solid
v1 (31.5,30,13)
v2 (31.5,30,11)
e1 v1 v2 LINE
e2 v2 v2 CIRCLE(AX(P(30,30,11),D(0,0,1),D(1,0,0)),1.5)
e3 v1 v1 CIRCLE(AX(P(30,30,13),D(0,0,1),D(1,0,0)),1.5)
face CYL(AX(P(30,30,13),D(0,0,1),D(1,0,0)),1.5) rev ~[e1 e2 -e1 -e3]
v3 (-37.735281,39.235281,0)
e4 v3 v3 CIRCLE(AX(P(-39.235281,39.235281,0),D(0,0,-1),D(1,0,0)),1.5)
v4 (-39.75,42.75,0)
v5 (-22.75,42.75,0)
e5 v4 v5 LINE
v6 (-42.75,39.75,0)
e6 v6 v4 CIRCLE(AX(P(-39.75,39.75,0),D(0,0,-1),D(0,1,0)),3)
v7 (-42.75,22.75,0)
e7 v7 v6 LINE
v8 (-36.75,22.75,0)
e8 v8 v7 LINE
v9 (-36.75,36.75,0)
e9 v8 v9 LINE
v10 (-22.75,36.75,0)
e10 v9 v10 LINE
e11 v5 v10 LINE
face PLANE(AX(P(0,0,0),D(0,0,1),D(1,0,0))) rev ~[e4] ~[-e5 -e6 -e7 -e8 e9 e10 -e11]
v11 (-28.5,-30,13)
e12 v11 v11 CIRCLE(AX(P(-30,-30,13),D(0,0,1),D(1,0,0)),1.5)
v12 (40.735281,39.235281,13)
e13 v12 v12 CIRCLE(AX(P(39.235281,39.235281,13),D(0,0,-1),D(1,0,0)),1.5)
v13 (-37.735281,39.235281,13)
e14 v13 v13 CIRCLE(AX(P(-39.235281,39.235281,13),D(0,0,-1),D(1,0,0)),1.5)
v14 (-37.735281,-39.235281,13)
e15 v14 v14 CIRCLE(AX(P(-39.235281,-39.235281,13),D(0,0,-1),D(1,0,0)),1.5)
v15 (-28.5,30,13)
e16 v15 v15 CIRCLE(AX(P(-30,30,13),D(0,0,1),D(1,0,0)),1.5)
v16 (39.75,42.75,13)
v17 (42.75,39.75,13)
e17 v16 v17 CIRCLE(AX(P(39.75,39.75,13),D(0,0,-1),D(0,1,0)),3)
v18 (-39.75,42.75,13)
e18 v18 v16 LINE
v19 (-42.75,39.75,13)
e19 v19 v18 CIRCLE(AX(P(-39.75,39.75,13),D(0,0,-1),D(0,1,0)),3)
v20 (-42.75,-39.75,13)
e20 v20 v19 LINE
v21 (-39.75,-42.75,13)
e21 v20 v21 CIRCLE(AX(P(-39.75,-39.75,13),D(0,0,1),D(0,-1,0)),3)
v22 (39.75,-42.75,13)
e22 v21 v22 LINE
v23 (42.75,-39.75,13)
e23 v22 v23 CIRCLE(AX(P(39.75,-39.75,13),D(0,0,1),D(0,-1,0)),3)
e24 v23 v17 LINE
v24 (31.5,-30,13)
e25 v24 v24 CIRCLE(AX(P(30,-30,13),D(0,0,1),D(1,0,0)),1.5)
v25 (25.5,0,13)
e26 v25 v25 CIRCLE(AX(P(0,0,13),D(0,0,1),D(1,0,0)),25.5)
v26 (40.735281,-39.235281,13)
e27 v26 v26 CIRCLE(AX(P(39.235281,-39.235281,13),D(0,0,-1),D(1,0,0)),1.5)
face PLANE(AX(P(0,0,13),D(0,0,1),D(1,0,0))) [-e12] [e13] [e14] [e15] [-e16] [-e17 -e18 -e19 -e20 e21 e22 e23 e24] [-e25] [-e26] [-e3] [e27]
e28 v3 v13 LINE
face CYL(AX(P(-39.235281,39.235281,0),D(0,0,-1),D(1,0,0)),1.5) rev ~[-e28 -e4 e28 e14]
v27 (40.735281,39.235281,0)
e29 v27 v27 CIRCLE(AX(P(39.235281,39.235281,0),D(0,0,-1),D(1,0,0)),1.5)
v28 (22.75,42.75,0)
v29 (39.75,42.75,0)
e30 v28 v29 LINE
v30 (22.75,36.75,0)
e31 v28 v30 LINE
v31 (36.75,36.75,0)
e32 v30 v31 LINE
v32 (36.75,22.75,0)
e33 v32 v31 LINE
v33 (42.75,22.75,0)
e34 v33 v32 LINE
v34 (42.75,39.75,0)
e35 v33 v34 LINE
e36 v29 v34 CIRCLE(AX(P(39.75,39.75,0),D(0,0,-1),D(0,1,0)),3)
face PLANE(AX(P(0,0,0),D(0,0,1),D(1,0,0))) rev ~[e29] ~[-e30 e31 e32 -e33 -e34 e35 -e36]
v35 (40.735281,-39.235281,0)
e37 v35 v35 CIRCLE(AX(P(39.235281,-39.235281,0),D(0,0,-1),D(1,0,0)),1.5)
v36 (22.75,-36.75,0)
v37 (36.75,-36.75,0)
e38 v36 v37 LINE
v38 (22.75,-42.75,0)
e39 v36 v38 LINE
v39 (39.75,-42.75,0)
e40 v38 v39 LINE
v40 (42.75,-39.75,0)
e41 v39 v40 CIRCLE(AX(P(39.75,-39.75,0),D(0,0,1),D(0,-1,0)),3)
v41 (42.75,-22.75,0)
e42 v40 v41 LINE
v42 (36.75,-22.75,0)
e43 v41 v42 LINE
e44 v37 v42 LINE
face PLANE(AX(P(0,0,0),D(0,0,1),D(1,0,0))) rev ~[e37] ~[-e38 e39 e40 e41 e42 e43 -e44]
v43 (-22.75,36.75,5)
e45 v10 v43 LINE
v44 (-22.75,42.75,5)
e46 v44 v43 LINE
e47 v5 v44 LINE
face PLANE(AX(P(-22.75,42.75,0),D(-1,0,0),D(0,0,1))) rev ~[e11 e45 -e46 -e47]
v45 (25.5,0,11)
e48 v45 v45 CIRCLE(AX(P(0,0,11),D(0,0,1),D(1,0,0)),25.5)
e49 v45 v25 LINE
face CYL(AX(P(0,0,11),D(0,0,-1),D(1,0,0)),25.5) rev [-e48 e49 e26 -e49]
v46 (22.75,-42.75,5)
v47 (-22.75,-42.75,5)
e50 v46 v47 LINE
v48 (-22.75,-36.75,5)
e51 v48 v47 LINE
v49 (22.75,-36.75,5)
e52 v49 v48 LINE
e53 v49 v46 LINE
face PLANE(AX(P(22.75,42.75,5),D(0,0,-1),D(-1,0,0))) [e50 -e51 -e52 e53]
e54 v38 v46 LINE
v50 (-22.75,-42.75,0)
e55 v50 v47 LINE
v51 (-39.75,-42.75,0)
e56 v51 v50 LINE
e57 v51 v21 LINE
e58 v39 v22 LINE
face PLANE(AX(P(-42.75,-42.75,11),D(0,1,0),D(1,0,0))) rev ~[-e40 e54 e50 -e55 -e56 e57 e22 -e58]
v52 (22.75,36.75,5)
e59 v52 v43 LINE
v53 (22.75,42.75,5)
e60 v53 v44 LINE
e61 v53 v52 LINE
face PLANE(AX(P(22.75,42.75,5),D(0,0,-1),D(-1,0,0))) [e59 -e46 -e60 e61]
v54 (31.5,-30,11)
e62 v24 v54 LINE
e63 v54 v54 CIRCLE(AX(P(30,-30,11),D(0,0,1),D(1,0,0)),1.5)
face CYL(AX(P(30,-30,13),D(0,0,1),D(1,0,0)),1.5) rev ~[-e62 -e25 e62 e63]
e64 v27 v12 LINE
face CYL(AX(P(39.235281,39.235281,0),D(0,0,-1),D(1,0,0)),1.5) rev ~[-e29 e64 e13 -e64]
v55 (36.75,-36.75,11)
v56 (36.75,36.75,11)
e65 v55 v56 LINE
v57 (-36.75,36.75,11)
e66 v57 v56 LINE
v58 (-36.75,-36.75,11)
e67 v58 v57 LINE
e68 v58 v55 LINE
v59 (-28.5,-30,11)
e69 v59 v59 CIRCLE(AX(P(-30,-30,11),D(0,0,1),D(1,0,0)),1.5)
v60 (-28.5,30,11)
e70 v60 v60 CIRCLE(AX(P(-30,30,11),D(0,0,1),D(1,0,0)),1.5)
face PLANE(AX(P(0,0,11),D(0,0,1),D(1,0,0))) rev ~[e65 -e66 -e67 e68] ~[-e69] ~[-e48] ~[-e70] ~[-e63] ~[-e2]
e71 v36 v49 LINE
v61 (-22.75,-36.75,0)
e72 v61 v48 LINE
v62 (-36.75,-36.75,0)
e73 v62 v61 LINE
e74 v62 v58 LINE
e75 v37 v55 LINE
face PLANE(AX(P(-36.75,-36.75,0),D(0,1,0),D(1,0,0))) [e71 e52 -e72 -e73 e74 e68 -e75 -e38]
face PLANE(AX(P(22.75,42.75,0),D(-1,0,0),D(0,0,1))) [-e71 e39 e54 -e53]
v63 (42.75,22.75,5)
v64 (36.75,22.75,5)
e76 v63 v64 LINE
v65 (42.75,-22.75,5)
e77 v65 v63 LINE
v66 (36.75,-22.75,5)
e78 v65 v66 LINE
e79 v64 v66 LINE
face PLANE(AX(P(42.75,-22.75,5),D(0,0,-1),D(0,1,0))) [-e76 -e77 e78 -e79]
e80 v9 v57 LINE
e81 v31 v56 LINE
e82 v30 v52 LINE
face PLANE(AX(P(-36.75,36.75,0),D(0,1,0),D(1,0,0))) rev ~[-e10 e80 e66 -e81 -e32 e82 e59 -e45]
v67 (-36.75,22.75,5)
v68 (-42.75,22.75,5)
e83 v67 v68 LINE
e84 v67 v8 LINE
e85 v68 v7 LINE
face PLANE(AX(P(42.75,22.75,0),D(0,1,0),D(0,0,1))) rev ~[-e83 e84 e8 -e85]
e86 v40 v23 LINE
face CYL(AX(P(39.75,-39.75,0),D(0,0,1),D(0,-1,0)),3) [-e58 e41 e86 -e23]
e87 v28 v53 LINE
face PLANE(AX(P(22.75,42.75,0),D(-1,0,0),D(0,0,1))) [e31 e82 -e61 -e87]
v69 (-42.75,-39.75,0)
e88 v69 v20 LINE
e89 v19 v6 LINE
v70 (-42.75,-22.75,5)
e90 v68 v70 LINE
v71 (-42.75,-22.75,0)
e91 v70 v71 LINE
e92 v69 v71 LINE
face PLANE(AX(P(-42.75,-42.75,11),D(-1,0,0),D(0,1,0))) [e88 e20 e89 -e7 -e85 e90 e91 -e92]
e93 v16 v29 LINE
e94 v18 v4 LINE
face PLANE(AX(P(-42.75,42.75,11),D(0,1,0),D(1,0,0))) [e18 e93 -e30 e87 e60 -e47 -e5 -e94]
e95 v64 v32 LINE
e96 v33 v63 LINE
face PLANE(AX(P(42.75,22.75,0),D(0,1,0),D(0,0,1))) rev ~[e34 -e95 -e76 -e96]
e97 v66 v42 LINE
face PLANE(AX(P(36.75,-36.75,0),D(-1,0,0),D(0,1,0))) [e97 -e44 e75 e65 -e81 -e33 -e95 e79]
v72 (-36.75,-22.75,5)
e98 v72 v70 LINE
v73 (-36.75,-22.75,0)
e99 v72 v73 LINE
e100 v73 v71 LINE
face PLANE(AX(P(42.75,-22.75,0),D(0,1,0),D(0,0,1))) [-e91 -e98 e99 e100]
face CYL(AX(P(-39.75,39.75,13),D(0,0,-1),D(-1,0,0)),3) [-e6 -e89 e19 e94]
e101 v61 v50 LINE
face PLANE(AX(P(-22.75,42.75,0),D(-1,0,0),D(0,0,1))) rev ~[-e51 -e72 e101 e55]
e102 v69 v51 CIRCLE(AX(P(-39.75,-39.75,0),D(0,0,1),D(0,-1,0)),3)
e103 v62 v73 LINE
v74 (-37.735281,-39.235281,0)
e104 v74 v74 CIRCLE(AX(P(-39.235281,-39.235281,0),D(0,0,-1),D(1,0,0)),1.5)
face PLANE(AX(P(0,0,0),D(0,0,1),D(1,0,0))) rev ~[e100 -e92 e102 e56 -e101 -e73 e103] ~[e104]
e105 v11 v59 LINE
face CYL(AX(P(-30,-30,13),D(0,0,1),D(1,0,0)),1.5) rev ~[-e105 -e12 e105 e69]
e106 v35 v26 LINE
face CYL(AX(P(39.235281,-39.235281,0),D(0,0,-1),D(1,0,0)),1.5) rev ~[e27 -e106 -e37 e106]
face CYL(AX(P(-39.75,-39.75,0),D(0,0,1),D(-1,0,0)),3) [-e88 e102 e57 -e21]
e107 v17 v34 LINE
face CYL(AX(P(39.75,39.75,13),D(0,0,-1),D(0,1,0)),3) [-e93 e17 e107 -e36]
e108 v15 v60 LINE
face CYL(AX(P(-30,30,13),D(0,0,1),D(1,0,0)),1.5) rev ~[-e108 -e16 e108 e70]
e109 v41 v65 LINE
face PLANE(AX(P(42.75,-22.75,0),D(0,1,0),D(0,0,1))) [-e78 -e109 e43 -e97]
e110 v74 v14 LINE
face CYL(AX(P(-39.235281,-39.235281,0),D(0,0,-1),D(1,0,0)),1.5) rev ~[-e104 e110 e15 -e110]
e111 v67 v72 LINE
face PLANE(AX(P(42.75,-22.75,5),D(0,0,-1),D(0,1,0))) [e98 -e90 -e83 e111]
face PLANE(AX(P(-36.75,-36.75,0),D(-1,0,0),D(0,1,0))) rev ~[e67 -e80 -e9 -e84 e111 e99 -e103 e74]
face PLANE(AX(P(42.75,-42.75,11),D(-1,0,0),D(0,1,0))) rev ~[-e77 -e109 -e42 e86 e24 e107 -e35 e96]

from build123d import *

# Parameters (mm, degrees)
SKETCH021_W             = 85.5
SKETCH021_H             = 85.5
SKETCH021_W_2           = 73.5
SKETCH021_H_2           = 73.5
PAD009006_DEPTH         = 11
SKETCH022_W             = 85.5
SKETCH022_H             = 85.5
SKETCH022_R             = 25.5
PAD009007_DEPTH         = 2
SKETCH023_R             = 1.5
POCKET003002_DEPTH      = 13.001
SKETCH024_R             = 1.5
POCKET003003_DEPTH      = 5
FILLET003_R             = 3
SKETCH025_W             = 45.5
SKETCH025_H             = 5
POCKET003004_DEPTH      = 85.501
POCKET003004_DEPTH_BACK = 0.001
SKETCH026_W             = 45.5
SKETCH026_H             = 5
POCKET003005_DEPTH      = 85.501


with BuildPart() as part:
    # Sketch021 → Pad009006 (new body)
    with BuildSketch(Plane.XY):
        Rectangle(SKETCH021_W, SKETCH021_H)
        Rectangle(SKETCH021_W_2, SKETCH021_H_2, mode=Mode.SUBTRACT)
    extrude(amount=PAD009006_DEPTH)

    # Sketch022 (on Face10 of Pad009006) → Pad009007 (join)
    with BuildSketch(Plane.XY.offset(11)):
        Rectangle(SKETCH022_W, SKETCH022_H)
        Circle(SKETCH022_R, mode=Mode.SUBTRACT)
    extrude(amount=PAD009007_DEPTH)

    # Sketch023 (on Face4 of Pad009007) → Pocket003002 (cut, through all)
    with BuildSketch(Plane(origin=(0, 0, 0), x_dir=(1, 0, 0), z_dir=(0, 0, -1))):
        with Locations((-39.235281, 39.235281)):
            Circle(SKETCH023_R)
        with Locations((39.235281, 39.235281)):
            Circle(SKETCH023_R)
        with Locations((39.235281, -39.235281)):
            Circle(SKETCH023_R)
        with Locations((-39.235281, -39.235281)):
            Circle(SKETCH023_R)
    extrude(amount=-POCKET003002_DEPTH, mode=Mode.SUBTRACT)

    # Sketch024 (on Face17 of Pocket003002) → Pocket003003 (cut)
    with BuildSketch(Plane.XY.offset(13)):
        with Locations((-30, 30)):
            Circle(SKETCH024_R)
        with Locations((30, 30)):
            Circle(SKETCH024_R)
        with Locations((30, -30)):
            Circle(SKETCH024_R)
        with Locations((-30, -30)):
            Circle(SKETCH024_R)
    extrude(amount=-POCKET003003_DEPTH, mode=Mode.SUBTRACT)

    # Fillet003
    fillet003_edges = [part.edges().sort_by_distance(p)[0] for p in [
        (42.75, 42.75, 5.5),
        (-42.75, 42.75, 5.5),
        (-42.75, -42.75, 5.5),
        (42.75, -42.75, 5.5),
    ]]
    fillet(fillet003_edges, radius=FILLET003_R)

    # Sketch025 (on Face1 of Fillet003) → Pocket003004 (cut, two sides)
    with BuildSketch(Plane(origin=(0, 42.75, 0), x_dir=(-1, 0, 0), z_dir=(0, 1, 0))) as pocket003004_sk:
        with Locations((0, 2.5)):
            Rectangle(SKETCH025_W, SKETCH025_H)
    extrude(amount=-POCKET003004_DEPTH, mode=Mode.SUBTRACT)
    extrude(pocket003004_sk.sketch, amount=POCKET003004_DEPTH_BACK, mode=Mode.SUBTRACT)

    # Sketch026 (on Face19 of Pocket003004) → Pocket003005 (cut, through all)
    with BuildSketch(Plane.YZ.offset(42.75)):
        with Locations((0, 2.5)):
            Rectangle(SKETCH026_W, SKETCH026_H)
    extrude(amount=-POCKET003005_DEPTH, mode=Mode.SUBTRACT)


solid = part.part
